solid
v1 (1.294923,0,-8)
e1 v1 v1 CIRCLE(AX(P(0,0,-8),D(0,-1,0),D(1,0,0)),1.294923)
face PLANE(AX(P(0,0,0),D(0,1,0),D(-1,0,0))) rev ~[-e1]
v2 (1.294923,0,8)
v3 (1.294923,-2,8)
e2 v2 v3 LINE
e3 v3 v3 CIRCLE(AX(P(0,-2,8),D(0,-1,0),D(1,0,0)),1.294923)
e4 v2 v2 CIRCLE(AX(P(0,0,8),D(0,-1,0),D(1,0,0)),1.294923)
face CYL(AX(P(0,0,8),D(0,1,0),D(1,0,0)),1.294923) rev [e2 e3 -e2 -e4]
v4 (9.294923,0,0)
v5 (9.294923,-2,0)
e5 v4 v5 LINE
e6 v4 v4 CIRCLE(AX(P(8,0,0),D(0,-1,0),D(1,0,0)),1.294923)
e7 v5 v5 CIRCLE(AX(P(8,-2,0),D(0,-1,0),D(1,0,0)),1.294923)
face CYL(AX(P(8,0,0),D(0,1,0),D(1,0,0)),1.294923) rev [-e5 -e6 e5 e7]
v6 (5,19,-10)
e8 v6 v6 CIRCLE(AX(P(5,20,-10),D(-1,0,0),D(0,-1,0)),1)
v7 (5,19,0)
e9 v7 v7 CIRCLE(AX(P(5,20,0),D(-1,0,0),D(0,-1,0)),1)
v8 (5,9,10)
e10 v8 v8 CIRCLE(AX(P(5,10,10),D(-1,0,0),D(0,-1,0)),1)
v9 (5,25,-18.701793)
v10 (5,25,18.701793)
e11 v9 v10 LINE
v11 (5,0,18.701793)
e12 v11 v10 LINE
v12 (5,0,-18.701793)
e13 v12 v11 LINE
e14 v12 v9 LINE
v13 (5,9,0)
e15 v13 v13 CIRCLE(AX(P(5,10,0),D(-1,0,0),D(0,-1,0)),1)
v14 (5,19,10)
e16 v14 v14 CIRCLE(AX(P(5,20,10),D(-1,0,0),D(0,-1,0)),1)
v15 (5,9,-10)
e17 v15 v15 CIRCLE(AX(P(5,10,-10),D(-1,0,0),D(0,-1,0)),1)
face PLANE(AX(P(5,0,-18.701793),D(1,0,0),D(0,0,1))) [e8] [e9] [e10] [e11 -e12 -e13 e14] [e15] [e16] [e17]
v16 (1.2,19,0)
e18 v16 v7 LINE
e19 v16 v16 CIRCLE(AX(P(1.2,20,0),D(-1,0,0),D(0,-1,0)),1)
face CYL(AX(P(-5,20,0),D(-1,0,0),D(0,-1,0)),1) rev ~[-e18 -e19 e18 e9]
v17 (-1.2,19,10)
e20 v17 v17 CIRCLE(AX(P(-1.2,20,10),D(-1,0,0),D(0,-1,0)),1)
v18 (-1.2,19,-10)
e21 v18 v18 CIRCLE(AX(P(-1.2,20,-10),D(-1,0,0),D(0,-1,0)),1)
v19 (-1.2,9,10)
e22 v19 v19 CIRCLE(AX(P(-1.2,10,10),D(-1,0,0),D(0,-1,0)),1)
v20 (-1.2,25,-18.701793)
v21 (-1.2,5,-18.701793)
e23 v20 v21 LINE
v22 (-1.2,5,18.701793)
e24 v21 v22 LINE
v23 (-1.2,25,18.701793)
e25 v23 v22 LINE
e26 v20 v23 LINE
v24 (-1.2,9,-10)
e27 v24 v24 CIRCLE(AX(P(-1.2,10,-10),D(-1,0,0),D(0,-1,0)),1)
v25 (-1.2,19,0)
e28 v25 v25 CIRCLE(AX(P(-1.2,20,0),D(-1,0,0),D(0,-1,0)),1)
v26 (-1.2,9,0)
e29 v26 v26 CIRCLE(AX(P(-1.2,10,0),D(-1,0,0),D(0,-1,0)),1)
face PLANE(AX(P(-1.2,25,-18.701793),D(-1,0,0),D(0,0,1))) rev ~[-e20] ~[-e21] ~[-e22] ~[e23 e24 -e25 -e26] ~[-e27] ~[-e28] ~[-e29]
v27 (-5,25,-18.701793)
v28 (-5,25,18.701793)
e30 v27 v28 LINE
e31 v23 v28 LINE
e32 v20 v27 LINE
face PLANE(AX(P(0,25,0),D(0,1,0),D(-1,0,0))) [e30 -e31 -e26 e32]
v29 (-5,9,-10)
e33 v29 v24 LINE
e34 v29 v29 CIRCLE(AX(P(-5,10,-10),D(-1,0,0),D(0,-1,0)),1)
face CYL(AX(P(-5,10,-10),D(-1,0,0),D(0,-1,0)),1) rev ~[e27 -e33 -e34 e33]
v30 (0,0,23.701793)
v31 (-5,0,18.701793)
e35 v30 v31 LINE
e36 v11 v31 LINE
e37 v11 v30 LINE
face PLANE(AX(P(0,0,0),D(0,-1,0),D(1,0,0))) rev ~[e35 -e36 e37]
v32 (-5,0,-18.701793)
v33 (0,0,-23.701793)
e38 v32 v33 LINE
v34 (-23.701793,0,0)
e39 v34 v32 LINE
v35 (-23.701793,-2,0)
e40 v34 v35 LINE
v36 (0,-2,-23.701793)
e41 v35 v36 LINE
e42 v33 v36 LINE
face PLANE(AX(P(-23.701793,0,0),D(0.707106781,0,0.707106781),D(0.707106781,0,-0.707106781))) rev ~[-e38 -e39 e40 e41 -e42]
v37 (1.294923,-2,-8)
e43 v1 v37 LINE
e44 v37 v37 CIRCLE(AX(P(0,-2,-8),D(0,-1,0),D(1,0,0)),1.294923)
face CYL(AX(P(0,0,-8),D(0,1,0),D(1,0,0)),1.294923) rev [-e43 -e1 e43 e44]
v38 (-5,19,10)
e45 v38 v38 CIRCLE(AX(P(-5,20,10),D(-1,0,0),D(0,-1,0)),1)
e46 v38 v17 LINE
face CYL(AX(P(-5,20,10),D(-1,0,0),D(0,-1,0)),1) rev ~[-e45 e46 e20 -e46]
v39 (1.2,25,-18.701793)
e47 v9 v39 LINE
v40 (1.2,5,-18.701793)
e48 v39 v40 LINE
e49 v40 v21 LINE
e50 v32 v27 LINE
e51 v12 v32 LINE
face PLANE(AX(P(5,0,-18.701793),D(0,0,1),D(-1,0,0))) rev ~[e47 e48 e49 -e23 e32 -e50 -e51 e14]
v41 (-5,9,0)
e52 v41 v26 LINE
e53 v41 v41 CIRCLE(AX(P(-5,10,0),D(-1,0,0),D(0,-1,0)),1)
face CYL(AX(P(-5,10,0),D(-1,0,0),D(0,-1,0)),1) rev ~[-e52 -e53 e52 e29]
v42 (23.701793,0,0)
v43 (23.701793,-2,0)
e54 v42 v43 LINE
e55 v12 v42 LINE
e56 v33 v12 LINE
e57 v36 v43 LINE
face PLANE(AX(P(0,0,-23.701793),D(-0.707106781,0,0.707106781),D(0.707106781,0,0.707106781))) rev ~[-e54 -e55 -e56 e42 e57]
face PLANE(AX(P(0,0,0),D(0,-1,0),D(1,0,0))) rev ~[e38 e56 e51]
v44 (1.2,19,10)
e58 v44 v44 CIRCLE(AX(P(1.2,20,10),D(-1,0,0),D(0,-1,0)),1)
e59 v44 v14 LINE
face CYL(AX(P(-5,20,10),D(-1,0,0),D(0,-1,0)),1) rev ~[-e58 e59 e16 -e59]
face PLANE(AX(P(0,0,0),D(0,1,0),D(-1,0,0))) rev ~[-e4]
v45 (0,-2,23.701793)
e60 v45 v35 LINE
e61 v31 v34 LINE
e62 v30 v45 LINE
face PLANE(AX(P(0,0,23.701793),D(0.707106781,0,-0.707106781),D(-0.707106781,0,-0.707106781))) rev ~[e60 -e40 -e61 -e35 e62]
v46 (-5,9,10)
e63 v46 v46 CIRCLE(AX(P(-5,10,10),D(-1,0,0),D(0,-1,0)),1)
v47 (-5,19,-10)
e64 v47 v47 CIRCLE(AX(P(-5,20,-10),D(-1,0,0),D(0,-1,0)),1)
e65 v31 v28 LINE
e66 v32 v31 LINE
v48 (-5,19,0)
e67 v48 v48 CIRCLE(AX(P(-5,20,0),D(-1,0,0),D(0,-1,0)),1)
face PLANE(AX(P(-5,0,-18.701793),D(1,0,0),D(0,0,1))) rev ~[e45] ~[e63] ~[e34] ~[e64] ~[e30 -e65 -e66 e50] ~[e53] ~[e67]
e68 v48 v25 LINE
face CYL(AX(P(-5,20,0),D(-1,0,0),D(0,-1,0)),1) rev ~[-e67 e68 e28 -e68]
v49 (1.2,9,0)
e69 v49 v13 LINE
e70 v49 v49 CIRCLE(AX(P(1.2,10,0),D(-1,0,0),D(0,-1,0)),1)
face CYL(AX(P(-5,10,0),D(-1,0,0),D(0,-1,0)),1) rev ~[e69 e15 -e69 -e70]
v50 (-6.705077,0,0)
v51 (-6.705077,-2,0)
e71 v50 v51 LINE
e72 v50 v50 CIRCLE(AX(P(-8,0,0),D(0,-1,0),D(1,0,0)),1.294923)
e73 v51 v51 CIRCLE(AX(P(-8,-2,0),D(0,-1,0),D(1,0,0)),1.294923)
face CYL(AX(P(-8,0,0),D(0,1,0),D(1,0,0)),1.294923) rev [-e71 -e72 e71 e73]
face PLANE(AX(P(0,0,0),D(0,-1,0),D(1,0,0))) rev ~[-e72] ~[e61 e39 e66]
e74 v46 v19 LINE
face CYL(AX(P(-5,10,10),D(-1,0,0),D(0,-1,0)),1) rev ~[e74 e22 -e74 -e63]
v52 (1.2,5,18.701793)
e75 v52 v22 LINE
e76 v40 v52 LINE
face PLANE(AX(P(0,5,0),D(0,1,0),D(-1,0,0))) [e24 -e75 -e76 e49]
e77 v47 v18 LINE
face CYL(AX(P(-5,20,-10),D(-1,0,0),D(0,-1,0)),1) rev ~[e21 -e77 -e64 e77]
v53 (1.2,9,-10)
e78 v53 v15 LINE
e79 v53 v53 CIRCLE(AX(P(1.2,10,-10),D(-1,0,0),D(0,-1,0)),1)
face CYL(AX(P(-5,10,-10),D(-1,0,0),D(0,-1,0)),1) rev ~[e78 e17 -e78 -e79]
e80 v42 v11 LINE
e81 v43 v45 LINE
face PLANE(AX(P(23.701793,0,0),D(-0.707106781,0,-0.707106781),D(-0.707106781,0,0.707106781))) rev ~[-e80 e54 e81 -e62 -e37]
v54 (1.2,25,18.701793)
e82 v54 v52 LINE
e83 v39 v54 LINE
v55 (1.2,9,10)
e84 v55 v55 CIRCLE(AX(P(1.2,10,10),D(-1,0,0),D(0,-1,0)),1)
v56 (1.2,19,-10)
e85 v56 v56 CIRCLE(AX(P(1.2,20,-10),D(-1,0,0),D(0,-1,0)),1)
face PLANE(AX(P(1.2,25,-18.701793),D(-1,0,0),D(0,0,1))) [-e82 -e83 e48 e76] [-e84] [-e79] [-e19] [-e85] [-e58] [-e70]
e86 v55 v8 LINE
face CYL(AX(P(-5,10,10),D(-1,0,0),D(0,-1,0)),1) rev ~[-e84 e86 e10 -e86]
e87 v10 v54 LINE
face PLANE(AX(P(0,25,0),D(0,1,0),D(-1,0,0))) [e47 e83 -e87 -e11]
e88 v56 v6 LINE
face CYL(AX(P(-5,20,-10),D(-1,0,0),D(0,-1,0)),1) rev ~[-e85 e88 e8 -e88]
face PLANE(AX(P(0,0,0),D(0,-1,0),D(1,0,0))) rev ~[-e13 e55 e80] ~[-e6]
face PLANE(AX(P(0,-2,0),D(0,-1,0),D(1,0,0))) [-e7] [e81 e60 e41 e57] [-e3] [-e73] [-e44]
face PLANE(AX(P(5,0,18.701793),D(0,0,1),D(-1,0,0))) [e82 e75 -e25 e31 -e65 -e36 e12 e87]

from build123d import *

# Parameters (mm, degrees)
F0_R     = 1.294923
F1_DEPTH = 2
F2_W     = 10
F2_H     = 37.403586
F3_DEPTH = 25
F4_W     = 2.4
F4_H     = 37.403586
F5_DEPTH = 20
F6_R     = 1
F7_DEPTH = 25


with BuildPart() as f1:
    # F0 (on Front) → F1 (new body)
    with BuildSketch(Plane.XZ):
        Polygon((23.701793, 0), (0, 23.701793), (-23.701793, 0), (0, -23.701793), align=None)
        with Locations((0, -8)):
            Circle(F0_R, mode=Mode.SUBTRACT)
        with Locations((-8, 0)):
            Circle(F0_R, mode=Mode.SUBTRACT)
        with Locations((8, 0)):
            Circle(F0_R, mode=Mode.SUBTRACT)
        with Locations((0, 8)):
            Circle(F0_R, mode=Mode.SUBTRACT)
    extrude(amount=F1_DEPTH)

    # F2 (on face) → F3 (join)
    with BuildSketch(Plane(origin=(0, 0, 0), x_dir=(-1, 0, 0), z_dir=(0, 1, 0))):
        Rectangle(F2_W, F2_H)
    extrude(amount=F3_DEPTH)

    # F4 (on face) → F5 (cut)
    with BuildSketch(Plane(origin=(0, 25, 0), x_dir=(-1, 0, 0), z_dir=(0, 1, 0))):
        Rectangle(F4_W, F4_H)
    extrude(amount=-F5_DEPTH, mode=Mode.SUBTRACT)

    # F6 (on face) → F7 (cut)
    with BuildSketch(Plane(origin=(-5, 0, 0), x_dir=(0, -1, 0), z_dir=(-1, 0, 0))):
        with Locations((-20, 10)):
            Circle(F6_R)
        with Locations((-10, 10)):
            Circle(F6_R)
        with Locations((-10, 0)):
            Circle(F6_R)
        with Locations((-20, 0)):
            Circle(F6_R)
        with Locations((-20, -10)):
            Circle(F6_R)
        with Locations((-10, -10)):
            Circle(F6_R)
    extrude(amount=-F7_DEPTH, mode=Mode.SUBTRACT)


solid = f1.part
